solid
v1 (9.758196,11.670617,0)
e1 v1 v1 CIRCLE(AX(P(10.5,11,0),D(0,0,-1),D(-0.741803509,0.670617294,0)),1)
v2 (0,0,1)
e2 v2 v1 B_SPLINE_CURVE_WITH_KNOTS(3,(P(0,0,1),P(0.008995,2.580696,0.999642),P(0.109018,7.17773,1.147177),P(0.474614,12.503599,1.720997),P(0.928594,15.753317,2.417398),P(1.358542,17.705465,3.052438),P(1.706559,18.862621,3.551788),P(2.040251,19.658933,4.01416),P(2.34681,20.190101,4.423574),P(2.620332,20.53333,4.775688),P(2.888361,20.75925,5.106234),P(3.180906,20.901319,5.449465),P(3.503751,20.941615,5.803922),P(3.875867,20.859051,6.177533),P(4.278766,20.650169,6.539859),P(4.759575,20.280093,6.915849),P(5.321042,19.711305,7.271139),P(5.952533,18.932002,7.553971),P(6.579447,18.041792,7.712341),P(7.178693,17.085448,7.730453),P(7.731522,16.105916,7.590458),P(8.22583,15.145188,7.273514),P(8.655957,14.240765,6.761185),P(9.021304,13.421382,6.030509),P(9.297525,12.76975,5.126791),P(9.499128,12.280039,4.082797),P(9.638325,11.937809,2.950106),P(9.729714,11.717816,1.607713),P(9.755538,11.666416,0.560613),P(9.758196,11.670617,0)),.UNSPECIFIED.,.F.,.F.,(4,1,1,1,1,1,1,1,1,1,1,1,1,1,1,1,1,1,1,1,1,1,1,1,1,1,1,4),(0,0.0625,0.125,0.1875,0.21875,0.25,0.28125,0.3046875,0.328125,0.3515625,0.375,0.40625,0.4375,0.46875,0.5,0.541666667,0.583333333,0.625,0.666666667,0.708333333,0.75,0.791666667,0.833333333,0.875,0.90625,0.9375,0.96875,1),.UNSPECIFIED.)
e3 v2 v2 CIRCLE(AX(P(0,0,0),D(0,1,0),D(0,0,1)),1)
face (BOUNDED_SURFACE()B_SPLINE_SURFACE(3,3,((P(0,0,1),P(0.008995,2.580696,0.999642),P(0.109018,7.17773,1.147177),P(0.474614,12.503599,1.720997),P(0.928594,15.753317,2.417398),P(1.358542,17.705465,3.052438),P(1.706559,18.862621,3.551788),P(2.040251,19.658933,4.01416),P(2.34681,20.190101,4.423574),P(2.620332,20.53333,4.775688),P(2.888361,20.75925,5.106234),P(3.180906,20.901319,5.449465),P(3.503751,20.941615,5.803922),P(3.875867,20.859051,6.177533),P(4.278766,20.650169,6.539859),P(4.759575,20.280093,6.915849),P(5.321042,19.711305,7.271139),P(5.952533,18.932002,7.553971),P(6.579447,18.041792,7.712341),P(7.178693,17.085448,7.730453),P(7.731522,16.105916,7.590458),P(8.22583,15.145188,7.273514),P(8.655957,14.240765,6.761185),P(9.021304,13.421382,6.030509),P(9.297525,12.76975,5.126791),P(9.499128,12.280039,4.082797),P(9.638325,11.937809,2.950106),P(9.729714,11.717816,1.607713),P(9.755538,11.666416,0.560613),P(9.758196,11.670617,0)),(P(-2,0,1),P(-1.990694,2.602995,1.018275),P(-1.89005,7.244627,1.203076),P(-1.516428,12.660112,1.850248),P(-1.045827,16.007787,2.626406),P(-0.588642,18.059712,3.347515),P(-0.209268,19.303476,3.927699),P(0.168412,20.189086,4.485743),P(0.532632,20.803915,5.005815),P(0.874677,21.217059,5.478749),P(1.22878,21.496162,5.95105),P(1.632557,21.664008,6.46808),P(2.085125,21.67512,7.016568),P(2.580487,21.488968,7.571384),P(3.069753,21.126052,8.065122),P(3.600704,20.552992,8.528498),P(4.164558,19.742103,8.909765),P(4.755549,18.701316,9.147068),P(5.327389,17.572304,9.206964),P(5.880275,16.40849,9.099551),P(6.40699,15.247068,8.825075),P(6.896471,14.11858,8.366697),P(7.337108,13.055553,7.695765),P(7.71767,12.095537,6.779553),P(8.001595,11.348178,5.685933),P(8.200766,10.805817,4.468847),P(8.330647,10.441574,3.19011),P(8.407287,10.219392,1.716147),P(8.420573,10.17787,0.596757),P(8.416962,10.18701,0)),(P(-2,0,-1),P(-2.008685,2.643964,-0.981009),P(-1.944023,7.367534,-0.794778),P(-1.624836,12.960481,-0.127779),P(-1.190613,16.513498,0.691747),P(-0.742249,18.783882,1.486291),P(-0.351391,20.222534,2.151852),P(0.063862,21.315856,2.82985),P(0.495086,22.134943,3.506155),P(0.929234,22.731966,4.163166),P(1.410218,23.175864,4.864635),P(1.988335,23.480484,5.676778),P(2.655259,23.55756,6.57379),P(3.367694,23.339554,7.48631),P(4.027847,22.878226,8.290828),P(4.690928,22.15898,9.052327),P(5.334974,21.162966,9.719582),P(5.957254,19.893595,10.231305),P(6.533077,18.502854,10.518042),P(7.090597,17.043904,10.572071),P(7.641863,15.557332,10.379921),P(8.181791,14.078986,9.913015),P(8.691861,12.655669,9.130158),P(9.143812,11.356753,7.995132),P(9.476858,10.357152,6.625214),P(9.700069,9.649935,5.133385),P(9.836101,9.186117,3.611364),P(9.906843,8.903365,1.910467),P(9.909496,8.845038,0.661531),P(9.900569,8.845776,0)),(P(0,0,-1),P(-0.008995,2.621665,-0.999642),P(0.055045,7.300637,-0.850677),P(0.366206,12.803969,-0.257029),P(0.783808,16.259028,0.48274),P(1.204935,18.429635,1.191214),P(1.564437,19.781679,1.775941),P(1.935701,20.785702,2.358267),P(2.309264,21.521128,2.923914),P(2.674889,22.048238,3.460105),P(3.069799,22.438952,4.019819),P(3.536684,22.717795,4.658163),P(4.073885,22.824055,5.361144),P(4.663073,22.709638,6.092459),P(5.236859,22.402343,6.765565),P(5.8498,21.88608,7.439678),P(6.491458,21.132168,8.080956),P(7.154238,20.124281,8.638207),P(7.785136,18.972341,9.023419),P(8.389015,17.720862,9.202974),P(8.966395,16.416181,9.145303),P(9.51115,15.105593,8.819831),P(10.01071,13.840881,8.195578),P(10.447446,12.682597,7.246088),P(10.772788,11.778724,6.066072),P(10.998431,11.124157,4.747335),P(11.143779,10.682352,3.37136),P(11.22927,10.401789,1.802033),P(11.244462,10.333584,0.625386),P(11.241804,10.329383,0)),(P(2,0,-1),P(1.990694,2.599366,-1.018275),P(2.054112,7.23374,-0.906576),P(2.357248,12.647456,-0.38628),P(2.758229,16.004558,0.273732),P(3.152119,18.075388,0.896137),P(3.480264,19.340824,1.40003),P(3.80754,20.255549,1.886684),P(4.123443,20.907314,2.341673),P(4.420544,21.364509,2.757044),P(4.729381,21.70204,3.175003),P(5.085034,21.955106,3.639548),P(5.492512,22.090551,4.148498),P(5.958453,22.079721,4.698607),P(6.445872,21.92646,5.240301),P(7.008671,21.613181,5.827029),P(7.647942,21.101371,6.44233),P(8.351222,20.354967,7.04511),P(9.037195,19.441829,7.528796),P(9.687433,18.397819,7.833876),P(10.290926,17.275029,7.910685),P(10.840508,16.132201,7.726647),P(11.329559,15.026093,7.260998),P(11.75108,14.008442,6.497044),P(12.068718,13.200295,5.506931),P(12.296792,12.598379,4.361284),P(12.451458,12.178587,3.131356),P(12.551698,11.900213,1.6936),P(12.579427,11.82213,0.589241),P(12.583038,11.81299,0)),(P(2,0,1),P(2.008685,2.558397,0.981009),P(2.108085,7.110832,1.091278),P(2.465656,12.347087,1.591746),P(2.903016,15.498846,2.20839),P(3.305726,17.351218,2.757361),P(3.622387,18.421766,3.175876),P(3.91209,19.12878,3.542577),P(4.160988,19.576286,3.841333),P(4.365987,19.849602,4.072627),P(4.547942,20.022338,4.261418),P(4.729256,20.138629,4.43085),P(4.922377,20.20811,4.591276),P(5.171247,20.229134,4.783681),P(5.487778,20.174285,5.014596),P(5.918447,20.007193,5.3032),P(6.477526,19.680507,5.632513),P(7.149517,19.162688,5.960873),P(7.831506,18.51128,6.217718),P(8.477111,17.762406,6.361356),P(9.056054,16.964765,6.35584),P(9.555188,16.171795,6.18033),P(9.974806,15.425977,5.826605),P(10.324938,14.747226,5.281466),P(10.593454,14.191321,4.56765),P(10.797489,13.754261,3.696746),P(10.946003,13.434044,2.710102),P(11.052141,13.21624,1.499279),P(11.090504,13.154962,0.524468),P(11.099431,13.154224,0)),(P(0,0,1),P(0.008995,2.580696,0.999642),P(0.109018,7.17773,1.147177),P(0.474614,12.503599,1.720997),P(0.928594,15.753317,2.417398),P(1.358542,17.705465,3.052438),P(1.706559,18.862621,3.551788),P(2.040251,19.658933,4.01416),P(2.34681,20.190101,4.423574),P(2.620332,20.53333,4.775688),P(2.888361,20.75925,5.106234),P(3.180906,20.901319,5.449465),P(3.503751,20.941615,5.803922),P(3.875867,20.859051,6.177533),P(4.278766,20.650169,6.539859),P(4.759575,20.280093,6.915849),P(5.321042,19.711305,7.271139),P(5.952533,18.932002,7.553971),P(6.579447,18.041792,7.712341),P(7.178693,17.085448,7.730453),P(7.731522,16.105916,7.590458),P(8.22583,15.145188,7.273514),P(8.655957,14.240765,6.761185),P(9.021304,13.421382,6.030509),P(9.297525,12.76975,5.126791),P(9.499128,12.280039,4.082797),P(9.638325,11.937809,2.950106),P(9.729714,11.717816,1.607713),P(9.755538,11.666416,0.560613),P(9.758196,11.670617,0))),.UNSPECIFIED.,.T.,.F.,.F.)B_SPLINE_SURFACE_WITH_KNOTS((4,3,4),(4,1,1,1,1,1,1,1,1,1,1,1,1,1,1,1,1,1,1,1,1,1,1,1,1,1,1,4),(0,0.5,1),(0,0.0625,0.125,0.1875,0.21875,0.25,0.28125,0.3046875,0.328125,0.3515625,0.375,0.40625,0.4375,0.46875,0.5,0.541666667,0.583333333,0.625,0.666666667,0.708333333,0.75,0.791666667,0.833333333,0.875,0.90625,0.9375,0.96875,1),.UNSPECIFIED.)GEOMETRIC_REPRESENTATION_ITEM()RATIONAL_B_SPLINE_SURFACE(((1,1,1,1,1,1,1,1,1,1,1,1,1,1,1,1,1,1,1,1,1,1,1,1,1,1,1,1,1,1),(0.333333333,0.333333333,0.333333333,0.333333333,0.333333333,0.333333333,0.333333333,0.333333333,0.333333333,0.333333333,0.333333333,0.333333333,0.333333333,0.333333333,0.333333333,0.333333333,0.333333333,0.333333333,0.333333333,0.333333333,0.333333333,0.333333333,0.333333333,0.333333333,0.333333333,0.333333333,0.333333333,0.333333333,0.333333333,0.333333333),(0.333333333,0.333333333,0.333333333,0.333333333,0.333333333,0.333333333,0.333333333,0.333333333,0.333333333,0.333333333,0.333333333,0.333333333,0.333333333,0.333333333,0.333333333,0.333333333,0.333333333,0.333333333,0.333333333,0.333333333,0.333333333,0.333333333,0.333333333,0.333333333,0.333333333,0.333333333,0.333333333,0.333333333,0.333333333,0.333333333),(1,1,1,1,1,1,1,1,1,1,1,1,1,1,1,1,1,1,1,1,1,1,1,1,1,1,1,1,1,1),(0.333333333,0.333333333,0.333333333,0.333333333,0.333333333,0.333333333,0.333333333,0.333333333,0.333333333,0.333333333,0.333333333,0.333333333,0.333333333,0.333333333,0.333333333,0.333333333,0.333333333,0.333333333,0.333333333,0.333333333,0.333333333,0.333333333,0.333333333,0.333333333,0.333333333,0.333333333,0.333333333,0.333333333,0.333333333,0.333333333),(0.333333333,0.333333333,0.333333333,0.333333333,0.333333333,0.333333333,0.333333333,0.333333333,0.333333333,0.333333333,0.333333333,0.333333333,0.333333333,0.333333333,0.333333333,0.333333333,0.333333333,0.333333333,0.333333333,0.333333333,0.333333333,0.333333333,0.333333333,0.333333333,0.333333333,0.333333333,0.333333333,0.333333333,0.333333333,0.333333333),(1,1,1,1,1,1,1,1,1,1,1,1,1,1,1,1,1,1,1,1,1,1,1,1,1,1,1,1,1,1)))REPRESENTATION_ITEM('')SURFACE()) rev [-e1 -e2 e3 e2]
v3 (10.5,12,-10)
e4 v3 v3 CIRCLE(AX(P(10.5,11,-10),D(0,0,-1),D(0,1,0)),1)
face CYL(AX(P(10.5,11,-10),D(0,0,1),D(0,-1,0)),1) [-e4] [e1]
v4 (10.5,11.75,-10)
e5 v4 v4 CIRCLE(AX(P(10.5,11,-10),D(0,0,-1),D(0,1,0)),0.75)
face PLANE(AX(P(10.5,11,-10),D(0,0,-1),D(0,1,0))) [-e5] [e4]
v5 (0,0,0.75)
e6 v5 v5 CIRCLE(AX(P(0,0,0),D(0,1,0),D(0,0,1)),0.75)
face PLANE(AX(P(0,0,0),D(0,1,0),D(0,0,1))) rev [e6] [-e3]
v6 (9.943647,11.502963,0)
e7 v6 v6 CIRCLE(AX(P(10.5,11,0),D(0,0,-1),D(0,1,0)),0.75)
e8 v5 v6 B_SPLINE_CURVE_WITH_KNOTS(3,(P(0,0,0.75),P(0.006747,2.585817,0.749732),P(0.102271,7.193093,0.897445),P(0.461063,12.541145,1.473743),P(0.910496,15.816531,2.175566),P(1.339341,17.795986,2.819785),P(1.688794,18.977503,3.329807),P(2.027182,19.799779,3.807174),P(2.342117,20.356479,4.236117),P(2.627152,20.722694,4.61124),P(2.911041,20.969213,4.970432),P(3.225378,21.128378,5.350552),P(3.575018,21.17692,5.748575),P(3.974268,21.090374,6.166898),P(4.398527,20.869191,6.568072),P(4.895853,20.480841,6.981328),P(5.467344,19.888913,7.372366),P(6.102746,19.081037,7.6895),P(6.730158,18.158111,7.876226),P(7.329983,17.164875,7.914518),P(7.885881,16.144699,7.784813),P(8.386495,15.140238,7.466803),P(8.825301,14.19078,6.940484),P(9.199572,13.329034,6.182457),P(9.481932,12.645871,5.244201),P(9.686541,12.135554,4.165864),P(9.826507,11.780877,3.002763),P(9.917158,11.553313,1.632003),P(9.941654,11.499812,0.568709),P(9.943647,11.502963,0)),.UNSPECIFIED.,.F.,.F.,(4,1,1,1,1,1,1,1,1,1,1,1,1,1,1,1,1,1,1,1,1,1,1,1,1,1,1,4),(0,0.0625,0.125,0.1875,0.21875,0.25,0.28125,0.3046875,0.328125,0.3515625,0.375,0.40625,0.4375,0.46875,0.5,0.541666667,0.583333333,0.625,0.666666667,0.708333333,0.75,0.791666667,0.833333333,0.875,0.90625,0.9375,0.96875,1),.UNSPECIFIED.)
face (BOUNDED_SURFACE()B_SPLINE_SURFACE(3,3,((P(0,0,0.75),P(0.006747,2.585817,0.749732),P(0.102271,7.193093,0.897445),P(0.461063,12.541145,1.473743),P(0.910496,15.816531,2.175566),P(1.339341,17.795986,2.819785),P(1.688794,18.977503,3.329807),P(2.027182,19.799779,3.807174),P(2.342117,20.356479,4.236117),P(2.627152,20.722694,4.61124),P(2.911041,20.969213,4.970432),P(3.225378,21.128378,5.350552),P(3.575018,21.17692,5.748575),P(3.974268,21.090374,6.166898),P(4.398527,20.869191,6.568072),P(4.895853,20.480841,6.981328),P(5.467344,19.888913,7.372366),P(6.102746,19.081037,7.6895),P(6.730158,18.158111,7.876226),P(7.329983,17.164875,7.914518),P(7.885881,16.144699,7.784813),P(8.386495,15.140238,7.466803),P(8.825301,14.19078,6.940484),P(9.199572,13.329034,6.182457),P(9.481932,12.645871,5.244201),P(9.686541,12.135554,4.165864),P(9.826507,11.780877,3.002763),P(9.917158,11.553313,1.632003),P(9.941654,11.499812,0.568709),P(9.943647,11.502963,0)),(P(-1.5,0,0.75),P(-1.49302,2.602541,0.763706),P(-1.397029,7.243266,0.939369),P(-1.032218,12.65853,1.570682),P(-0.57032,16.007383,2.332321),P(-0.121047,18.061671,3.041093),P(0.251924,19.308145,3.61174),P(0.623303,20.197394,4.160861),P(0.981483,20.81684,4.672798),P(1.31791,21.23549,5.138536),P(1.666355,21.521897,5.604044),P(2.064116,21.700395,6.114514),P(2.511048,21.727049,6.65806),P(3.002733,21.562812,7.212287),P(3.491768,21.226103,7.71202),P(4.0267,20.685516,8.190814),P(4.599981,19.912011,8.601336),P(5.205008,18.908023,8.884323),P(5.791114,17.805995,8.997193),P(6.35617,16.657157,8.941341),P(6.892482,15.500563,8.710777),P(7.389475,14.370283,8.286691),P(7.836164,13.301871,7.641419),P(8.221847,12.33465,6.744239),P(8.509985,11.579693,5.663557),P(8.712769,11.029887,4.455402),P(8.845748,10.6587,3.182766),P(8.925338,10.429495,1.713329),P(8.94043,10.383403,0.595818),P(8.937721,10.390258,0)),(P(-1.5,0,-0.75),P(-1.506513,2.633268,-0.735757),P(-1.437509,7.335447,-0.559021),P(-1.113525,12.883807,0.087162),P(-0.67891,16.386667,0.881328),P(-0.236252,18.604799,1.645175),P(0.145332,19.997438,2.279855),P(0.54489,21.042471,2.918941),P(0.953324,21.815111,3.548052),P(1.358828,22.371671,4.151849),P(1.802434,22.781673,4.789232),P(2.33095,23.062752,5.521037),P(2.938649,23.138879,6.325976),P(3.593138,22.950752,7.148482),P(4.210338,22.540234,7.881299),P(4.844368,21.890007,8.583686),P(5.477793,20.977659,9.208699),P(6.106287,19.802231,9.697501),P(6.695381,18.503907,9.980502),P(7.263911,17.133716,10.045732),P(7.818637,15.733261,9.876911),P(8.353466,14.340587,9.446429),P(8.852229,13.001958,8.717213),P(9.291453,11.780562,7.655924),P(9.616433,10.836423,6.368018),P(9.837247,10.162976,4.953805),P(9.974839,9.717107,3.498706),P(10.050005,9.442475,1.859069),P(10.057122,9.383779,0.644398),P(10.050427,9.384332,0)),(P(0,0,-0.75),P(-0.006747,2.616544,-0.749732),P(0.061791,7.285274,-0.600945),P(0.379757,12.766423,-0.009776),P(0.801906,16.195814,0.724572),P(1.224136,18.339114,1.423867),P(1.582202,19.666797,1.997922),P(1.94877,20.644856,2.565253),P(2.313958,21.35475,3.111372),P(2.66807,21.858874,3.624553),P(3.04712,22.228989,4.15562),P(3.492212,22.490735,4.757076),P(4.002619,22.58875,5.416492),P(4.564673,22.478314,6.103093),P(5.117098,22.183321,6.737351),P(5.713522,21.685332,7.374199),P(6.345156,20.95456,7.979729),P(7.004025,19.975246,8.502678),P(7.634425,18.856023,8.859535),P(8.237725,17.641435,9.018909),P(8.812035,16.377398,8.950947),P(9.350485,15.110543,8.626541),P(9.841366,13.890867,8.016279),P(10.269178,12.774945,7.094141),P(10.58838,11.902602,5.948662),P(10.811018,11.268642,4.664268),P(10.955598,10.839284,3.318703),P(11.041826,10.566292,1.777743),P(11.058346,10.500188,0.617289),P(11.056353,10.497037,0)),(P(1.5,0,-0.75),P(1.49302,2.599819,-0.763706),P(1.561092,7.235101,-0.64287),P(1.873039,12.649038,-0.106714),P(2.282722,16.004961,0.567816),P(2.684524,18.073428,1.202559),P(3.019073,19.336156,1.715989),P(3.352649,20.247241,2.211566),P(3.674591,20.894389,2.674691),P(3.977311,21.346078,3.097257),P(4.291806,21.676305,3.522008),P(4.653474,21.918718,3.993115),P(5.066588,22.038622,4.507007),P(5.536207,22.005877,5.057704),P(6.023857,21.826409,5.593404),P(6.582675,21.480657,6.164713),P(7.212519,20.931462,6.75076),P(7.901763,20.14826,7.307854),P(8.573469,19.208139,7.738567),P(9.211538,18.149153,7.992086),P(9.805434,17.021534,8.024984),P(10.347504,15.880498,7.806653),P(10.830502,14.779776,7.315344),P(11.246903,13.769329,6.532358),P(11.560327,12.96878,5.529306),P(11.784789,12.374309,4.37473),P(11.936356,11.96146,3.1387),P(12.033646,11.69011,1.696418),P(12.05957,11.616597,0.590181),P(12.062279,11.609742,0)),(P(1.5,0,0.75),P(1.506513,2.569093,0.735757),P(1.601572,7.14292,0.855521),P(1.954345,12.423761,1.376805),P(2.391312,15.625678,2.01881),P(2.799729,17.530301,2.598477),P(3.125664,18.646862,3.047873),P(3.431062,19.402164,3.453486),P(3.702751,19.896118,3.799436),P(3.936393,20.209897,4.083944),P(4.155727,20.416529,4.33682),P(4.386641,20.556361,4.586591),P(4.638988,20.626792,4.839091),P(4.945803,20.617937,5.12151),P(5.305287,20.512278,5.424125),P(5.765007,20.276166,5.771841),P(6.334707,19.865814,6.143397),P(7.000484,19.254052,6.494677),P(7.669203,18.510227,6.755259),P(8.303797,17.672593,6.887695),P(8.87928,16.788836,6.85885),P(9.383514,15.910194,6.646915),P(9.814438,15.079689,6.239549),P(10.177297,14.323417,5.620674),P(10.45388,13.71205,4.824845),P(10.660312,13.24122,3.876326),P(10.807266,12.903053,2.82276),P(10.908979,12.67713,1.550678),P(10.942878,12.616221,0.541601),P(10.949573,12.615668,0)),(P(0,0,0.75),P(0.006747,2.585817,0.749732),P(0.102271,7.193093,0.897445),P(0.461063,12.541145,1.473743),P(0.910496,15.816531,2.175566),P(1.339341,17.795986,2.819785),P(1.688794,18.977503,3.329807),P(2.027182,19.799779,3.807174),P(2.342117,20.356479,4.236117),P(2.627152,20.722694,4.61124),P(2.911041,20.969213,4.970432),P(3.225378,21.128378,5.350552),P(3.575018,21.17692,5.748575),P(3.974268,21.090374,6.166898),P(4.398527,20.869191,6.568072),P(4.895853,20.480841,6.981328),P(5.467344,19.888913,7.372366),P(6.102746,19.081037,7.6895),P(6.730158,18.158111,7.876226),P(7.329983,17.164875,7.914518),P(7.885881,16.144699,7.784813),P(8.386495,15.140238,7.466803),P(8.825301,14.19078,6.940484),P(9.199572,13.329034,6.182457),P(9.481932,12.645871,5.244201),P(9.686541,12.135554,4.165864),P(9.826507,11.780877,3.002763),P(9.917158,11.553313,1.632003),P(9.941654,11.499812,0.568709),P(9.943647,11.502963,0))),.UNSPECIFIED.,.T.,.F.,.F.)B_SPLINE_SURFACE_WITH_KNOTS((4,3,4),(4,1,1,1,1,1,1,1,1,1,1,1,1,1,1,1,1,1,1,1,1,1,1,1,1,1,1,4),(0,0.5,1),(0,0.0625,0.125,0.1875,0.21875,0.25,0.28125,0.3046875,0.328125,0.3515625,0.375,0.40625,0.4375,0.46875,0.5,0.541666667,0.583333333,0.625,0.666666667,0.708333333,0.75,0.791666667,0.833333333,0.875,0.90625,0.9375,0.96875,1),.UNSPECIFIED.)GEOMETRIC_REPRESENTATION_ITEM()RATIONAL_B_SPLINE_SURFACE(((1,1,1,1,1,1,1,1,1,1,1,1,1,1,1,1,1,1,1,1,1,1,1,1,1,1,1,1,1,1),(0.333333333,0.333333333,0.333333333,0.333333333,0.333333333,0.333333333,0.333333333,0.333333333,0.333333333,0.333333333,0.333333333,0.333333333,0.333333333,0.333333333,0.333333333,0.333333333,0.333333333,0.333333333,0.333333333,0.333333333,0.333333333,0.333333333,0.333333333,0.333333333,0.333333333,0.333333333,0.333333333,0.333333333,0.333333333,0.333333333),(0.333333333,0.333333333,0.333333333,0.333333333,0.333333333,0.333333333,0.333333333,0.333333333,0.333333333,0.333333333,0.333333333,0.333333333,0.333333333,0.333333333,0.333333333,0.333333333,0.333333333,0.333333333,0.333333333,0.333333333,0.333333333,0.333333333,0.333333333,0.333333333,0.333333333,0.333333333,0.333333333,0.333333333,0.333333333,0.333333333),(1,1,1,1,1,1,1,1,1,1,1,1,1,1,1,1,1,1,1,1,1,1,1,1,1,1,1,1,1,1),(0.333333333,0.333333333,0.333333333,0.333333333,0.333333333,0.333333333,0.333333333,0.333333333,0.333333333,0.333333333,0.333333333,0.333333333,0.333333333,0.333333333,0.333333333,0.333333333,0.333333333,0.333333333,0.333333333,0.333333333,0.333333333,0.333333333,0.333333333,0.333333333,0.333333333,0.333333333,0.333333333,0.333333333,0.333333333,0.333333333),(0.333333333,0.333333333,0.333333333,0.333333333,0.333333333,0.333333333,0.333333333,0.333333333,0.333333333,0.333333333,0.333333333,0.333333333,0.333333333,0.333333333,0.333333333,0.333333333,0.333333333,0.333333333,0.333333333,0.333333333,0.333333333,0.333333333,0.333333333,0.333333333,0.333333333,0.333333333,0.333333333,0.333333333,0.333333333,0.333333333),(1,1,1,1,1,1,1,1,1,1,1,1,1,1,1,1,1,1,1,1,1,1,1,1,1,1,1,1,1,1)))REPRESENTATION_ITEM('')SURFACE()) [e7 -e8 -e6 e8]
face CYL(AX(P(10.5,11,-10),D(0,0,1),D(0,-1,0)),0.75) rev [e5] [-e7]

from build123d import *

# Parameters (mm, degrees)
SKIZZE1_R                       = 1
SKIZZE1_R_2                     = 0.75
SKIZZE3_R                       = 1
SKIZZE3_R_2                     = 0.75
AUFSATZ_LINEAR_AUSTRAGEN1_DEPTH = 10


with BuildPart() as part:
    # Austragung1: sweep along a curve in space
    with BuildLine() as austragung1_path:
        add(Edge.make_bspline(
            [(0, 0, 0), (0, 41.618884591, 0), (10.5, 11, 18.975980575), (10.5, 11, 0)],
            knots=[0, 0, 0, 0, 1, 1, 1, 1], degree=3))
    # Skizze1 → Austragung1 (sweep)
    with BuildSketch(Plane(origin=(0, 0, 0), x_dir=(1, 0, 0), z_dir=(0, 1, 0))):
        Circle(SKIZZE1_R)
        Circle(SKIZZE1_R_2, mode=Mode.SUBTRACT)
    sweep(path=austragung1_path.line)

    # Skizze3 → Aufsatz-Linear austragen1 (add)
    with BuildSketch(Plane(origin=(0, 0, 0), x_dir=(-1, 0, 0), z_dir=(0, 0, -1))):
        with Locations(Location((-10.5, 11, 0), (0, 0, 42.114725711))):
            Circle(SKIZZE3_R)
        with Locations(Location((-10.5, 11, 0), (0, 0, 42.114725711))):
            Circle(SKIZZE3_R_2, mode=Mode.SUBTRACT)
    extrude(amount=AUFSATZ_LINEAR_AUSTRAGEN1_DEPTH)


solid = part.part
